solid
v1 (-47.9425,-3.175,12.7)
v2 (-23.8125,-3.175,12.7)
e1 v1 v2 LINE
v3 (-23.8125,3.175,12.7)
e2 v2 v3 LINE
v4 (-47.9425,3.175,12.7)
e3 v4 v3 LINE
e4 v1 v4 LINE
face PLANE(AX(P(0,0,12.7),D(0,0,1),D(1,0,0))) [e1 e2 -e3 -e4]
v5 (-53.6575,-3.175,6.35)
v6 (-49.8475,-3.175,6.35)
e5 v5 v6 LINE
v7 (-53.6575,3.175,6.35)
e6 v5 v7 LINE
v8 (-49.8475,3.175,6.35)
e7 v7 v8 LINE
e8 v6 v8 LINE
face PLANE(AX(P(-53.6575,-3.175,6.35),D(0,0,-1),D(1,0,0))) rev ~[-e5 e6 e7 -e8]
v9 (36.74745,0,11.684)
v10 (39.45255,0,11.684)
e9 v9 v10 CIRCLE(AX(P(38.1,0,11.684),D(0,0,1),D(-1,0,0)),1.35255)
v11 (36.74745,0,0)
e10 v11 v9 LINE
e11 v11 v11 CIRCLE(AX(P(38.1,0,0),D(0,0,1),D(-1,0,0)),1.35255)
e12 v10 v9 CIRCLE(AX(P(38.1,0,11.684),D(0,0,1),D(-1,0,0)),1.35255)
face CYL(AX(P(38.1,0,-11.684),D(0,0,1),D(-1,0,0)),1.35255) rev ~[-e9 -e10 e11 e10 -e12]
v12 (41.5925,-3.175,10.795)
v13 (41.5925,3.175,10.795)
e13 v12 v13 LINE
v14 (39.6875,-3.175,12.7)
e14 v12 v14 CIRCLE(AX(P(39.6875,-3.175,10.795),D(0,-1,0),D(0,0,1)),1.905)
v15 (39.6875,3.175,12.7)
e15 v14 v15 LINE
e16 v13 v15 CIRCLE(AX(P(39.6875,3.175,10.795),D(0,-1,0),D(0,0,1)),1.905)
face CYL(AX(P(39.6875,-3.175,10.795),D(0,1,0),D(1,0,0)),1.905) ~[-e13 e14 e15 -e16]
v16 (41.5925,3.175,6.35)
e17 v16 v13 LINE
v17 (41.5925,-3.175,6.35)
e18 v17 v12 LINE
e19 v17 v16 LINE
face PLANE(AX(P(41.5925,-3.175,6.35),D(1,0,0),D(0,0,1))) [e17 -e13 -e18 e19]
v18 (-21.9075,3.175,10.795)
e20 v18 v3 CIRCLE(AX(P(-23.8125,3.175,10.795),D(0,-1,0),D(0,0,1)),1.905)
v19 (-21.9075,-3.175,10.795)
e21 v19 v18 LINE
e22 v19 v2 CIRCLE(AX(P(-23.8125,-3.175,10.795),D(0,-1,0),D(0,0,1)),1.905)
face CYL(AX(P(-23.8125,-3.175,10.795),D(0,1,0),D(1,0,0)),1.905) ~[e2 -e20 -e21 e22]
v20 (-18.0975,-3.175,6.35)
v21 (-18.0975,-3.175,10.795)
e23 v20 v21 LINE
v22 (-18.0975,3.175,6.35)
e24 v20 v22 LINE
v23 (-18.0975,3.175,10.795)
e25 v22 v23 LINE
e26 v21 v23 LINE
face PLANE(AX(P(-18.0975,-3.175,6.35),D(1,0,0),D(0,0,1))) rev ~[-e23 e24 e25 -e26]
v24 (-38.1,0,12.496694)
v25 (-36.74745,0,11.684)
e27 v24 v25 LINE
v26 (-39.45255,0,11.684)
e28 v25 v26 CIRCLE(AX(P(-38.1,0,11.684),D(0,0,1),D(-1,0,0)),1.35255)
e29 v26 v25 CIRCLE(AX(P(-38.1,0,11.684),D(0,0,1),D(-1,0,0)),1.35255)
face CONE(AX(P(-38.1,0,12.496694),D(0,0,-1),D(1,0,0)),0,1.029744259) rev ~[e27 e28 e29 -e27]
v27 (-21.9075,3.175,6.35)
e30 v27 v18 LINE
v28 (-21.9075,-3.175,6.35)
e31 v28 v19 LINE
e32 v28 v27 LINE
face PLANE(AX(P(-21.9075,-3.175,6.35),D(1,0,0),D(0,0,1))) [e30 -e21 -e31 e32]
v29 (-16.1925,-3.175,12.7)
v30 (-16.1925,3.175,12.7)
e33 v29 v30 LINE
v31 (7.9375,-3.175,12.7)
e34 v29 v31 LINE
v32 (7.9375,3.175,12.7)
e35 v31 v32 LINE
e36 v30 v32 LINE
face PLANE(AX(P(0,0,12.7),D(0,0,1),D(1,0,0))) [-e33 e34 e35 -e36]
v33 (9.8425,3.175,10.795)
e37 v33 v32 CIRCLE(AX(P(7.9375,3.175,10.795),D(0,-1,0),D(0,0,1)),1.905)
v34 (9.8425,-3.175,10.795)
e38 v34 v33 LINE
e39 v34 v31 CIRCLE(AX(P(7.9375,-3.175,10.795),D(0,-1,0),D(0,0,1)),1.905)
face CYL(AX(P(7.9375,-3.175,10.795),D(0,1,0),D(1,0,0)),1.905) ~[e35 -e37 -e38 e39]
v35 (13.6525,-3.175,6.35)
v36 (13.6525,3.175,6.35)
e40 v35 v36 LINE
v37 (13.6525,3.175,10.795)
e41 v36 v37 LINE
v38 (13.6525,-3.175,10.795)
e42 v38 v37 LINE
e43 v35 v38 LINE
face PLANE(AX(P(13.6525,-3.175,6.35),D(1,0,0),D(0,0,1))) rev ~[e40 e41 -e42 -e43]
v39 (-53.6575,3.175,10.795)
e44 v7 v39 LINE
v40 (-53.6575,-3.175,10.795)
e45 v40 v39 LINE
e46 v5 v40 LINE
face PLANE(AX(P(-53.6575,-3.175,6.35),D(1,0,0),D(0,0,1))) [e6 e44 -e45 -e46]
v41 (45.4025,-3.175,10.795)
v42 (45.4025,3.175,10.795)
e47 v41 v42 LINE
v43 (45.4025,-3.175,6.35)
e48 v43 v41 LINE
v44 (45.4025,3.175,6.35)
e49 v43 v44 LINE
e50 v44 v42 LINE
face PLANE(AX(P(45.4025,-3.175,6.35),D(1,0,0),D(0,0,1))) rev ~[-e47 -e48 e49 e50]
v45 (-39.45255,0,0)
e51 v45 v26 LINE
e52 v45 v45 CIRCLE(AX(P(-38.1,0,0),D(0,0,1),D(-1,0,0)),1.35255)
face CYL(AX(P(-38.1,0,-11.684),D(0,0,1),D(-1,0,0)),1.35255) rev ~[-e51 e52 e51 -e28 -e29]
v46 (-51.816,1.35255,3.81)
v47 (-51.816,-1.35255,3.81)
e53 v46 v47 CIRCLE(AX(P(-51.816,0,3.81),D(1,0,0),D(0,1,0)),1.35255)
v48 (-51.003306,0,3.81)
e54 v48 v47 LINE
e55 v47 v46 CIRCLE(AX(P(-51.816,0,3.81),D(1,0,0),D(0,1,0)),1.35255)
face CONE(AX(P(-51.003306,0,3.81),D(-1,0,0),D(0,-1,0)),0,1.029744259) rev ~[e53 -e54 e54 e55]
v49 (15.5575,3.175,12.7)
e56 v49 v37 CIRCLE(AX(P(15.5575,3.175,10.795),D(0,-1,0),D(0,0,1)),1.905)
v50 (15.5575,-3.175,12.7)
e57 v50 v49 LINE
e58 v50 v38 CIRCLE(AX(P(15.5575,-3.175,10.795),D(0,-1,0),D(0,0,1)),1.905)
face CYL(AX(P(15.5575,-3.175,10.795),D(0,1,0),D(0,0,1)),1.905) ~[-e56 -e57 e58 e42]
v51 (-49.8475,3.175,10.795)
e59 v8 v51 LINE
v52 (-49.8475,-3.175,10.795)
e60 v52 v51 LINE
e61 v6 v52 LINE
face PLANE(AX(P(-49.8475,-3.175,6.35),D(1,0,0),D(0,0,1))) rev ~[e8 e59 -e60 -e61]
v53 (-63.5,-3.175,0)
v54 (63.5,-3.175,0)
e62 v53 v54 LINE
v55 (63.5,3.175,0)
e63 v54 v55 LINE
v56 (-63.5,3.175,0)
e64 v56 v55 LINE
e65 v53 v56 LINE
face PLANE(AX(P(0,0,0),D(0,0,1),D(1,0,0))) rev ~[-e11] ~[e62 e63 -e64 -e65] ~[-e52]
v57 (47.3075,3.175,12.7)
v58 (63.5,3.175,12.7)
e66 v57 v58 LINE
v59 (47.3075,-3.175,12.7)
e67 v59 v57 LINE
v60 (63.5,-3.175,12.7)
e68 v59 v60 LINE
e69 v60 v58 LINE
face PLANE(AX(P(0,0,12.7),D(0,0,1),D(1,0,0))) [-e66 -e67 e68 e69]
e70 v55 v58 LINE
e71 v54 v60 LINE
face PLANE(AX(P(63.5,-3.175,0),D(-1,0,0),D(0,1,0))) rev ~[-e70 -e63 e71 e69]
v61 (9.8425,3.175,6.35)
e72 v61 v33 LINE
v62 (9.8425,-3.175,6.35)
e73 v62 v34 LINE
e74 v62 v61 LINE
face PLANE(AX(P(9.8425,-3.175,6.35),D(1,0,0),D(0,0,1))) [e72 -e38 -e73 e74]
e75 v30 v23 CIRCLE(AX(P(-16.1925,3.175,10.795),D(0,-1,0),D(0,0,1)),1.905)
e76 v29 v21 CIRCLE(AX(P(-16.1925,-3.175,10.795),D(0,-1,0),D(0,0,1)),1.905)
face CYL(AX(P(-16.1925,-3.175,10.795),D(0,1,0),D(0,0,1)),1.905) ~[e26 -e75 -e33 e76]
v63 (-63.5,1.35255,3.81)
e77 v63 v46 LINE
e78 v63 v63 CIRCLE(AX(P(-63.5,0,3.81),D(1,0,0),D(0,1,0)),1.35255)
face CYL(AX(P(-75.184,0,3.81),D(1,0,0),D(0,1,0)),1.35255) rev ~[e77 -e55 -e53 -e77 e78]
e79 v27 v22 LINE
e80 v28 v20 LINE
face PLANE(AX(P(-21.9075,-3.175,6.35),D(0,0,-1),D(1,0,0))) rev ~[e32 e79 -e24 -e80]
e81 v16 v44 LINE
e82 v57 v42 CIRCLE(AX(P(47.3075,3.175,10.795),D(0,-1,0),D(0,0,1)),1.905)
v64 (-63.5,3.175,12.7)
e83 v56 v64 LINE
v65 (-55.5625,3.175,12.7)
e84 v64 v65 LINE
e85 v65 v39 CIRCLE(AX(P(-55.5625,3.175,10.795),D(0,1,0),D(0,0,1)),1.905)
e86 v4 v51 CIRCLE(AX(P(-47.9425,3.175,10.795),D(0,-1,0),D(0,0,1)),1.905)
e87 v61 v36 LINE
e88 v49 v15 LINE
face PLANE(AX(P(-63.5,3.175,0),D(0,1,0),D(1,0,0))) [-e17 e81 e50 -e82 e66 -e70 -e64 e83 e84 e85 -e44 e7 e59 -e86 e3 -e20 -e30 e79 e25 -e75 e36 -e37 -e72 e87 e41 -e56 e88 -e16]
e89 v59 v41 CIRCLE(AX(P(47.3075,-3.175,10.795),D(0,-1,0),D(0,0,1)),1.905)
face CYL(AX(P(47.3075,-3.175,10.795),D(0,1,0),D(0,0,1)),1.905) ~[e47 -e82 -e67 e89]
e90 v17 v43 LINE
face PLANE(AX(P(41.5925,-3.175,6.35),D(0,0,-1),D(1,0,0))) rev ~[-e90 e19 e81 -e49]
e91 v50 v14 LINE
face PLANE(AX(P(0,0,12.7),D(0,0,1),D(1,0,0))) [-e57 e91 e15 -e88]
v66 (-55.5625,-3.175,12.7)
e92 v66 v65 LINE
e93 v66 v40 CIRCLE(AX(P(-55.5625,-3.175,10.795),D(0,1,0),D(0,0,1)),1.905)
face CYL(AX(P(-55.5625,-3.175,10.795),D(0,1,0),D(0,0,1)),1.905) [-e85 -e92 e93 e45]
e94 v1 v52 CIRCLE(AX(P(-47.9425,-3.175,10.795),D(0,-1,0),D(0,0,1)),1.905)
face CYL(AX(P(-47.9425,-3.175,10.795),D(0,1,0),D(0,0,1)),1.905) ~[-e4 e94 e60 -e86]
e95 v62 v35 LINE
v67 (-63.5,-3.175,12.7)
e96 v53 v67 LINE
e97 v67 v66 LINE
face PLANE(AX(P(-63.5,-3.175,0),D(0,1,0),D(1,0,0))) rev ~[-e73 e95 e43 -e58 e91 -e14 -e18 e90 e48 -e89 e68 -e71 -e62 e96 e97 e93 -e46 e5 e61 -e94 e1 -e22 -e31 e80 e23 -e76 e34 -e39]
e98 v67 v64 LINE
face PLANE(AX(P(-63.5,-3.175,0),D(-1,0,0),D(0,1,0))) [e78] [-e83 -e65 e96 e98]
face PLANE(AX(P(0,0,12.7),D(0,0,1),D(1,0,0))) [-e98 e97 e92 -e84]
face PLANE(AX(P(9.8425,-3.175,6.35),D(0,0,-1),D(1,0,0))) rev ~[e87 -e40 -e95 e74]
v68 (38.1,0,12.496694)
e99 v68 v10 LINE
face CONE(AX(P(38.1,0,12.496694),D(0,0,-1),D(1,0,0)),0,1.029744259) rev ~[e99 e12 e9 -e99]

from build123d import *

# Parameters (mm, degrees)
F0_W           = 127
F0_H           = 6.35
F1_DEPTH       = 12.7
F2_W           = 3.81
F2_H           = 6.35
F3_DEPTH       = 6.35
F4_R           = 1.905
F7_D           = 2.7051
F7_DEPTH       = 11.684
F7_TIP         = 0.8126940303
F7_ON_F6_D     = 2.7051
F7_ON_F6_DEPTH = 11.684
F7_ON_F6_TIP   = 0.8126940303


with BuildPart() as f1:
    # F0 (on Top) → F1 (new body)
    with BuildSketch(Plane.XY):
        Rectangle(F0_W, F0_H)
    extrude(amount=F1_DEPTH)

    # F2 (on face) → F3 (cut, through all)
    with BuildSketch(Plane.XZ.offset(3.175)):
        with Locations((-51.7525, 9.525)):
            Rectangle(F2_W, F2_H)
        with Locations((-20.0025, 9.525)):
            Rectangle(F2_W, F2_H)
        with Locations((11.7475, 9.525)):
            Rectangle(F2_W, F2_H)
        with Locations((43.4975, 9.525)):
            Rectangle(F2_W, F2_H)
    extrude(amount=-F3_DEPTH, mode=Mode.SUBTRACT)

    # F4
    f4_edges = [f1.edges().sort_by_distance(p)[0] for p in [
        (-53.6575, 0, 12.7),
        (-49.8475, 0, 12.7),
        (-21.9075, 0, 12.7),
        (-18.0975, 0, 12.7),
        (9.8425, 0, 12.7),
        (13.6525, 0, 12.7),
        (41.5925, 0, 12.7),
        (45.4025, 0, 12.7),
    ]]
    fillet(f4_edges, radius=F4_R)

    # F7
    with Locations(Plane(origin=(0, 0, 0), x_dir=(1, 0, 0), z_dir=(0, 0, -1))):
        with Locations((-38.1, 0), (38.1, 0)):
            Hole(F7_D / 2, depth=F7_DEPTH)
            with Locations((0, 0, -(F7_DEPTH + F7_TIP / 2))):  # 118° drill point
                Cone(0, F7_D / 2, F7_TIP, mode=Mode.SUBTRACT)

    # F7 on F6
    with Locations(Plane(origin=(-63.5, 0, 0), x_dir=(0, -1, 0), z_dir=(-1, 0, 0))):
        with Locations((0, 3.81)):
            Hole(F7_ON_F6_D / 2, depth=F7_ON_F6_DEPTH)
            with Locations((0, 0, -(F7_ON_F6_DEPTH + F7_ON_F6_TIP / 2))):  # 118° drill point
                Cone(0, F7_ON_F6_D / 2, F7_ON_F6_TIP, mode=Mode.SUBTRACT)


solid = f1.part
